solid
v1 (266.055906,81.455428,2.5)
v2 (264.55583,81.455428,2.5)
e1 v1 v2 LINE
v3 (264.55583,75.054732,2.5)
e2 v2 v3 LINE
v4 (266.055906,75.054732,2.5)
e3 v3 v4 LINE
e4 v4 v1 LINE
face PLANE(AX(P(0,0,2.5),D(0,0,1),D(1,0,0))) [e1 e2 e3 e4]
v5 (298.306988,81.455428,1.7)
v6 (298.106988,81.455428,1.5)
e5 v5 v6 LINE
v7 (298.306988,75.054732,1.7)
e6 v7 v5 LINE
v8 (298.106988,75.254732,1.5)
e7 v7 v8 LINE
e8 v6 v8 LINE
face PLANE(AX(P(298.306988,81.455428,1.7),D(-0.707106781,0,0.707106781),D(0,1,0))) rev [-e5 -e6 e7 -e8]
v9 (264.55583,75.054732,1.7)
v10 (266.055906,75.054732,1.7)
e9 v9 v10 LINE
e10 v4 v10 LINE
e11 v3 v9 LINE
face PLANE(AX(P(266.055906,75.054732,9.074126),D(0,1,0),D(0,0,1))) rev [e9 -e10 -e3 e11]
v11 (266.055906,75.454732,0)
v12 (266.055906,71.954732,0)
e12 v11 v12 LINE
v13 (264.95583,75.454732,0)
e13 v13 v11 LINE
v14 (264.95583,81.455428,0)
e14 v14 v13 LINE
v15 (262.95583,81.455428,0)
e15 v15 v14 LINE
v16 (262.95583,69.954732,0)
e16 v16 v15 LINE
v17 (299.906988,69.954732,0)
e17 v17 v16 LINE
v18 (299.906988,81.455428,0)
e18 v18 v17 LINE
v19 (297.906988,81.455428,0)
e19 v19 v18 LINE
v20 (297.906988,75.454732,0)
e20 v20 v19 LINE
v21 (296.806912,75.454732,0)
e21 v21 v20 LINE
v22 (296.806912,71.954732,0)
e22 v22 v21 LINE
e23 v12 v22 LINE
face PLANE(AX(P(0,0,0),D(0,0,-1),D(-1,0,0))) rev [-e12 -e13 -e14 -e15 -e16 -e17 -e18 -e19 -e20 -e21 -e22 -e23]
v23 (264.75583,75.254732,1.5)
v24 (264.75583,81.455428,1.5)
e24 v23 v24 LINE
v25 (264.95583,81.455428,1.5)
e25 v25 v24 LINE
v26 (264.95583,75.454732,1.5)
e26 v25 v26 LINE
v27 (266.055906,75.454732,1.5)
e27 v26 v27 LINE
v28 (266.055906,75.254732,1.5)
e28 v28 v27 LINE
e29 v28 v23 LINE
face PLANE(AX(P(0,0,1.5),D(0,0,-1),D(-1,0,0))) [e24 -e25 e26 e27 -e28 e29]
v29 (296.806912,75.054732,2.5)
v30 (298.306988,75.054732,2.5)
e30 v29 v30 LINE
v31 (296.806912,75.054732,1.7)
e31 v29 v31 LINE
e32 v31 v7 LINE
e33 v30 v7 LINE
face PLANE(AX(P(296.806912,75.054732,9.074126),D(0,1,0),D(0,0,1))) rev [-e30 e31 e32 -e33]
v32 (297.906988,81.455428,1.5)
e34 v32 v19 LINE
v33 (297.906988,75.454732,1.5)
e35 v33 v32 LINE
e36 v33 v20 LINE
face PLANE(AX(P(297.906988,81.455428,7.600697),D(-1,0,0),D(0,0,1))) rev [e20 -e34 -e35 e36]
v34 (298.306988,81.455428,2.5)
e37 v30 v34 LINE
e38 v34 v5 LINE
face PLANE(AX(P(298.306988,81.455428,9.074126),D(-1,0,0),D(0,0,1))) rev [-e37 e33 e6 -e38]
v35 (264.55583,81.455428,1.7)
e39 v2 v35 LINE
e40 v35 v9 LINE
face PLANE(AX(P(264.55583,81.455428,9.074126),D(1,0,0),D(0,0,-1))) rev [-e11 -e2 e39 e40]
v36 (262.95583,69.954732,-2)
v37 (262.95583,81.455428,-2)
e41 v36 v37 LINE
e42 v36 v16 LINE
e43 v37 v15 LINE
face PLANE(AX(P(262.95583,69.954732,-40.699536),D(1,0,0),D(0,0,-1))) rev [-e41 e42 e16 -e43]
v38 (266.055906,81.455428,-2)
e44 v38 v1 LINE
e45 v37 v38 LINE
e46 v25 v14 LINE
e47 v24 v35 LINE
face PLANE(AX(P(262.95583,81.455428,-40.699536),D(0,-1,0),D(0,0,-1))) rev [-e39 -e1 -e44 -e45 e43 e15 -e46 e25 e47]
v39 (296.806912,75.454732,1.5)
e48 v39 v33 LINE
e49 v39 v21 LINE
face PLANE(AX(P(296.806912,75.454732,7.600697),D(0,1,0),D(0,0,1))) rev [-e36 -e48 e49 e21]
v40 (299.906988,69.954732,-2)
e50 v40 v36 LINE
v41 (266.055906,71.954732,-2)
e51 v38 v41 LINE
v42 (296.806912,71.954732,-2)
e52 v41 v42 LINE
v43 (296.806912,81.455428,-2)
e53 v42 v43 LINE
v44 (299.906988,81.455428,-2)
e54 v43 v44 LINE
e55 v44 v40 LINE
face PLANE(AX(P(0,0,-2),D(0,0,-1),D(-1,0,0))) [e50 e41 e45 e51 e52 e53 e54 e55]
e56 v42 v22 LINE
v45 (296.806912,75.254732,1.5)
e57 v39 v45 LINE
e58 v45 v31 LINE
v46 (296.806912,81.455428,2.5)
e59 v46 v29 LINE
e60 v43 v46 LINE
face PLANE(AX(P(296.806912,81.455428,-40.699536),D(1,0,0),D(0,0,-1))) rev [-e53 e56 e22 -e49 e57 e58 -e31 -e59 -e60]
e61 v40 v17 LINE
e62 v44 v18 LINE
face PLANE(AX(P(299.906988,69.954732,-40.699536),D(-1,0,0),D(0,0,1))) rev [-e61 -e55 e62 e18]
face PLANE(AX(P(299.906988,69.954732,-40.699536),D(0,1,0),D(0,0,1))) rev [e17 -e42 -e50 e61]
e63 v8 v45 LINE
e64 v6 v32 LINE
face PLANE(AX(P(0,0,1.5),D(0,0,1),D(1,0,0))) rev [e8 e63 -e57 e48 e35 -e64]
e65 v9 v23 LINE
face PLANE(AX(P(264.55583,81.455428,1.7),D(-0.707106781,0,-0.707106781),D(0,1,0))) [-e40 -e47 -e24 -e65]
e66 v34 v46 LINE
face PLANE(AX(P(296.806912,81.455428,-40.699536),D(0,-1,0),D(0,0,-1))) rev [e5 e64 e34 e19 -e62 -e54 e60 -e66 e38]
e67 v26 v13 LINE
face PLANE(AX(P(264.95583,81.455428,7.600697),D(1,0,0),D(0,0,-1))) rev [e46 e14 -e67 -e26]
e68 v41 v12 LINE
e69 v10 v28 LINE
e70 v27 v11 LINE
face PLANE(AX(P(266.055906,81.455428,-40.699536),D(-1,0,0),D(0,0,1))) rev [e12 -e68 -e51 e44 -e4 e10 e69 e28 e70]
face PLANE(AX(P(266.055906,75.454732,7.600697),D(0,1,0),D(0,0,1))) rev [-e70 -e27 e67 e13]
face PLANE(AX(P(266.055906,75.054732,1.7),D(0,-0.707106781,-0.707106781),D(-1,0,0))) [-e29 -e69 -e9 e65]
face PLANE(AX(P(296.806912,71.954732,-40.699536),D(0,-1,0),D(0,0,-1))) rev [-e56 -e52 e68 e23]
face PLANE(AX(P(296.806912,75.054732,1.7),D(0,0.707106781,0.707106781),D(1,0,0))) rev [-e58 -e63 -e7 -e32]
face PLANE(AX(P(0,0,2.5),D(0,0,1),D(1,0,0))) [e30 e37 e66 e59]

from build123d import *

# Parameters (mm, degrees)
BOSS_EXTRUDE1_DEPTH = 2
SKETCH2_W           = 1.100075991
SKETCH2_H           = 6.000695173
BOSS_EXTRUDE2_DEPTH = 1.5
SKETCH3_W           = 1.500075991
SKETCH3_H           = 6.400695173
BOSS_EXTRUDE3_DEPTH = 1
CHAMFER1_SIZE       = 0.2


with BuildPart() as part:
    # Sketch1 → Boss-Extrude1 (new body)
    with BuildSketch(Plane(origin=(0, 0, 0), x_dir=(-1, 0, 0), z_dir=(0, 0, -1))):
        Polygon((-262.955830275, 81.455427603), (-266.055906266, 81.455427603), (-266.055906266, 71.95473243), (-273.006316619, 71.95473243), (-296.80691239, 71.95473243), (-296.80691239, 81.455427603), (-299.906988381, 81.455427603), (-299.906988381, 69.95473243), (-262.955830275, 69.95473243), align=None)
    extrude(amount=BOSS_EXTRUDE1_DEPTH)

    # Sketch2 → Boss-Extrude2 (add)
    with BuildSketch(Plane.XY):
        with Locations((265.505868271, 78.455080017)):
            Rectangle(SKETCH2_W, SKETCH2_H)
        with Locations((297.356950385, 78.455080017)):
            Rectangle(SKETCH2_W, SKETCH2_H)
    extrude(amount=BOSS_EXTRUDE2_DEPTH)

    # Sketch3 → Boss-Extrude3 (add)
    with BuildSketch(Plane.XY.offset(1.5)):
        with Locations((265.305868271, 78.255080017)):
            Rectangle(SKETCH3_W, SKETCH3_H)
        with Locations((297.556950386, 78.255080017)):
            Rectangle(SKETCH3_W, SKETCH3_H)
    extrude(amount=BOSS_EXTRUDE3_DEPTH)

    # Chamfer1
    chamfer1_edges = [part.edges().sort_by_distance(p)[0] for p in [
        (264.555830275, 78.255080016, 1.5),
        (265.305868271, 75.05473243, 1.5),
        (297.556950386, 75.05473243, 1.5),
        (298.306988381, 78.255080016, 1.5),
    ]]
    chamfer(chamfer1_edges, length=CHAMFER1_SIZE)


solid = part.part
